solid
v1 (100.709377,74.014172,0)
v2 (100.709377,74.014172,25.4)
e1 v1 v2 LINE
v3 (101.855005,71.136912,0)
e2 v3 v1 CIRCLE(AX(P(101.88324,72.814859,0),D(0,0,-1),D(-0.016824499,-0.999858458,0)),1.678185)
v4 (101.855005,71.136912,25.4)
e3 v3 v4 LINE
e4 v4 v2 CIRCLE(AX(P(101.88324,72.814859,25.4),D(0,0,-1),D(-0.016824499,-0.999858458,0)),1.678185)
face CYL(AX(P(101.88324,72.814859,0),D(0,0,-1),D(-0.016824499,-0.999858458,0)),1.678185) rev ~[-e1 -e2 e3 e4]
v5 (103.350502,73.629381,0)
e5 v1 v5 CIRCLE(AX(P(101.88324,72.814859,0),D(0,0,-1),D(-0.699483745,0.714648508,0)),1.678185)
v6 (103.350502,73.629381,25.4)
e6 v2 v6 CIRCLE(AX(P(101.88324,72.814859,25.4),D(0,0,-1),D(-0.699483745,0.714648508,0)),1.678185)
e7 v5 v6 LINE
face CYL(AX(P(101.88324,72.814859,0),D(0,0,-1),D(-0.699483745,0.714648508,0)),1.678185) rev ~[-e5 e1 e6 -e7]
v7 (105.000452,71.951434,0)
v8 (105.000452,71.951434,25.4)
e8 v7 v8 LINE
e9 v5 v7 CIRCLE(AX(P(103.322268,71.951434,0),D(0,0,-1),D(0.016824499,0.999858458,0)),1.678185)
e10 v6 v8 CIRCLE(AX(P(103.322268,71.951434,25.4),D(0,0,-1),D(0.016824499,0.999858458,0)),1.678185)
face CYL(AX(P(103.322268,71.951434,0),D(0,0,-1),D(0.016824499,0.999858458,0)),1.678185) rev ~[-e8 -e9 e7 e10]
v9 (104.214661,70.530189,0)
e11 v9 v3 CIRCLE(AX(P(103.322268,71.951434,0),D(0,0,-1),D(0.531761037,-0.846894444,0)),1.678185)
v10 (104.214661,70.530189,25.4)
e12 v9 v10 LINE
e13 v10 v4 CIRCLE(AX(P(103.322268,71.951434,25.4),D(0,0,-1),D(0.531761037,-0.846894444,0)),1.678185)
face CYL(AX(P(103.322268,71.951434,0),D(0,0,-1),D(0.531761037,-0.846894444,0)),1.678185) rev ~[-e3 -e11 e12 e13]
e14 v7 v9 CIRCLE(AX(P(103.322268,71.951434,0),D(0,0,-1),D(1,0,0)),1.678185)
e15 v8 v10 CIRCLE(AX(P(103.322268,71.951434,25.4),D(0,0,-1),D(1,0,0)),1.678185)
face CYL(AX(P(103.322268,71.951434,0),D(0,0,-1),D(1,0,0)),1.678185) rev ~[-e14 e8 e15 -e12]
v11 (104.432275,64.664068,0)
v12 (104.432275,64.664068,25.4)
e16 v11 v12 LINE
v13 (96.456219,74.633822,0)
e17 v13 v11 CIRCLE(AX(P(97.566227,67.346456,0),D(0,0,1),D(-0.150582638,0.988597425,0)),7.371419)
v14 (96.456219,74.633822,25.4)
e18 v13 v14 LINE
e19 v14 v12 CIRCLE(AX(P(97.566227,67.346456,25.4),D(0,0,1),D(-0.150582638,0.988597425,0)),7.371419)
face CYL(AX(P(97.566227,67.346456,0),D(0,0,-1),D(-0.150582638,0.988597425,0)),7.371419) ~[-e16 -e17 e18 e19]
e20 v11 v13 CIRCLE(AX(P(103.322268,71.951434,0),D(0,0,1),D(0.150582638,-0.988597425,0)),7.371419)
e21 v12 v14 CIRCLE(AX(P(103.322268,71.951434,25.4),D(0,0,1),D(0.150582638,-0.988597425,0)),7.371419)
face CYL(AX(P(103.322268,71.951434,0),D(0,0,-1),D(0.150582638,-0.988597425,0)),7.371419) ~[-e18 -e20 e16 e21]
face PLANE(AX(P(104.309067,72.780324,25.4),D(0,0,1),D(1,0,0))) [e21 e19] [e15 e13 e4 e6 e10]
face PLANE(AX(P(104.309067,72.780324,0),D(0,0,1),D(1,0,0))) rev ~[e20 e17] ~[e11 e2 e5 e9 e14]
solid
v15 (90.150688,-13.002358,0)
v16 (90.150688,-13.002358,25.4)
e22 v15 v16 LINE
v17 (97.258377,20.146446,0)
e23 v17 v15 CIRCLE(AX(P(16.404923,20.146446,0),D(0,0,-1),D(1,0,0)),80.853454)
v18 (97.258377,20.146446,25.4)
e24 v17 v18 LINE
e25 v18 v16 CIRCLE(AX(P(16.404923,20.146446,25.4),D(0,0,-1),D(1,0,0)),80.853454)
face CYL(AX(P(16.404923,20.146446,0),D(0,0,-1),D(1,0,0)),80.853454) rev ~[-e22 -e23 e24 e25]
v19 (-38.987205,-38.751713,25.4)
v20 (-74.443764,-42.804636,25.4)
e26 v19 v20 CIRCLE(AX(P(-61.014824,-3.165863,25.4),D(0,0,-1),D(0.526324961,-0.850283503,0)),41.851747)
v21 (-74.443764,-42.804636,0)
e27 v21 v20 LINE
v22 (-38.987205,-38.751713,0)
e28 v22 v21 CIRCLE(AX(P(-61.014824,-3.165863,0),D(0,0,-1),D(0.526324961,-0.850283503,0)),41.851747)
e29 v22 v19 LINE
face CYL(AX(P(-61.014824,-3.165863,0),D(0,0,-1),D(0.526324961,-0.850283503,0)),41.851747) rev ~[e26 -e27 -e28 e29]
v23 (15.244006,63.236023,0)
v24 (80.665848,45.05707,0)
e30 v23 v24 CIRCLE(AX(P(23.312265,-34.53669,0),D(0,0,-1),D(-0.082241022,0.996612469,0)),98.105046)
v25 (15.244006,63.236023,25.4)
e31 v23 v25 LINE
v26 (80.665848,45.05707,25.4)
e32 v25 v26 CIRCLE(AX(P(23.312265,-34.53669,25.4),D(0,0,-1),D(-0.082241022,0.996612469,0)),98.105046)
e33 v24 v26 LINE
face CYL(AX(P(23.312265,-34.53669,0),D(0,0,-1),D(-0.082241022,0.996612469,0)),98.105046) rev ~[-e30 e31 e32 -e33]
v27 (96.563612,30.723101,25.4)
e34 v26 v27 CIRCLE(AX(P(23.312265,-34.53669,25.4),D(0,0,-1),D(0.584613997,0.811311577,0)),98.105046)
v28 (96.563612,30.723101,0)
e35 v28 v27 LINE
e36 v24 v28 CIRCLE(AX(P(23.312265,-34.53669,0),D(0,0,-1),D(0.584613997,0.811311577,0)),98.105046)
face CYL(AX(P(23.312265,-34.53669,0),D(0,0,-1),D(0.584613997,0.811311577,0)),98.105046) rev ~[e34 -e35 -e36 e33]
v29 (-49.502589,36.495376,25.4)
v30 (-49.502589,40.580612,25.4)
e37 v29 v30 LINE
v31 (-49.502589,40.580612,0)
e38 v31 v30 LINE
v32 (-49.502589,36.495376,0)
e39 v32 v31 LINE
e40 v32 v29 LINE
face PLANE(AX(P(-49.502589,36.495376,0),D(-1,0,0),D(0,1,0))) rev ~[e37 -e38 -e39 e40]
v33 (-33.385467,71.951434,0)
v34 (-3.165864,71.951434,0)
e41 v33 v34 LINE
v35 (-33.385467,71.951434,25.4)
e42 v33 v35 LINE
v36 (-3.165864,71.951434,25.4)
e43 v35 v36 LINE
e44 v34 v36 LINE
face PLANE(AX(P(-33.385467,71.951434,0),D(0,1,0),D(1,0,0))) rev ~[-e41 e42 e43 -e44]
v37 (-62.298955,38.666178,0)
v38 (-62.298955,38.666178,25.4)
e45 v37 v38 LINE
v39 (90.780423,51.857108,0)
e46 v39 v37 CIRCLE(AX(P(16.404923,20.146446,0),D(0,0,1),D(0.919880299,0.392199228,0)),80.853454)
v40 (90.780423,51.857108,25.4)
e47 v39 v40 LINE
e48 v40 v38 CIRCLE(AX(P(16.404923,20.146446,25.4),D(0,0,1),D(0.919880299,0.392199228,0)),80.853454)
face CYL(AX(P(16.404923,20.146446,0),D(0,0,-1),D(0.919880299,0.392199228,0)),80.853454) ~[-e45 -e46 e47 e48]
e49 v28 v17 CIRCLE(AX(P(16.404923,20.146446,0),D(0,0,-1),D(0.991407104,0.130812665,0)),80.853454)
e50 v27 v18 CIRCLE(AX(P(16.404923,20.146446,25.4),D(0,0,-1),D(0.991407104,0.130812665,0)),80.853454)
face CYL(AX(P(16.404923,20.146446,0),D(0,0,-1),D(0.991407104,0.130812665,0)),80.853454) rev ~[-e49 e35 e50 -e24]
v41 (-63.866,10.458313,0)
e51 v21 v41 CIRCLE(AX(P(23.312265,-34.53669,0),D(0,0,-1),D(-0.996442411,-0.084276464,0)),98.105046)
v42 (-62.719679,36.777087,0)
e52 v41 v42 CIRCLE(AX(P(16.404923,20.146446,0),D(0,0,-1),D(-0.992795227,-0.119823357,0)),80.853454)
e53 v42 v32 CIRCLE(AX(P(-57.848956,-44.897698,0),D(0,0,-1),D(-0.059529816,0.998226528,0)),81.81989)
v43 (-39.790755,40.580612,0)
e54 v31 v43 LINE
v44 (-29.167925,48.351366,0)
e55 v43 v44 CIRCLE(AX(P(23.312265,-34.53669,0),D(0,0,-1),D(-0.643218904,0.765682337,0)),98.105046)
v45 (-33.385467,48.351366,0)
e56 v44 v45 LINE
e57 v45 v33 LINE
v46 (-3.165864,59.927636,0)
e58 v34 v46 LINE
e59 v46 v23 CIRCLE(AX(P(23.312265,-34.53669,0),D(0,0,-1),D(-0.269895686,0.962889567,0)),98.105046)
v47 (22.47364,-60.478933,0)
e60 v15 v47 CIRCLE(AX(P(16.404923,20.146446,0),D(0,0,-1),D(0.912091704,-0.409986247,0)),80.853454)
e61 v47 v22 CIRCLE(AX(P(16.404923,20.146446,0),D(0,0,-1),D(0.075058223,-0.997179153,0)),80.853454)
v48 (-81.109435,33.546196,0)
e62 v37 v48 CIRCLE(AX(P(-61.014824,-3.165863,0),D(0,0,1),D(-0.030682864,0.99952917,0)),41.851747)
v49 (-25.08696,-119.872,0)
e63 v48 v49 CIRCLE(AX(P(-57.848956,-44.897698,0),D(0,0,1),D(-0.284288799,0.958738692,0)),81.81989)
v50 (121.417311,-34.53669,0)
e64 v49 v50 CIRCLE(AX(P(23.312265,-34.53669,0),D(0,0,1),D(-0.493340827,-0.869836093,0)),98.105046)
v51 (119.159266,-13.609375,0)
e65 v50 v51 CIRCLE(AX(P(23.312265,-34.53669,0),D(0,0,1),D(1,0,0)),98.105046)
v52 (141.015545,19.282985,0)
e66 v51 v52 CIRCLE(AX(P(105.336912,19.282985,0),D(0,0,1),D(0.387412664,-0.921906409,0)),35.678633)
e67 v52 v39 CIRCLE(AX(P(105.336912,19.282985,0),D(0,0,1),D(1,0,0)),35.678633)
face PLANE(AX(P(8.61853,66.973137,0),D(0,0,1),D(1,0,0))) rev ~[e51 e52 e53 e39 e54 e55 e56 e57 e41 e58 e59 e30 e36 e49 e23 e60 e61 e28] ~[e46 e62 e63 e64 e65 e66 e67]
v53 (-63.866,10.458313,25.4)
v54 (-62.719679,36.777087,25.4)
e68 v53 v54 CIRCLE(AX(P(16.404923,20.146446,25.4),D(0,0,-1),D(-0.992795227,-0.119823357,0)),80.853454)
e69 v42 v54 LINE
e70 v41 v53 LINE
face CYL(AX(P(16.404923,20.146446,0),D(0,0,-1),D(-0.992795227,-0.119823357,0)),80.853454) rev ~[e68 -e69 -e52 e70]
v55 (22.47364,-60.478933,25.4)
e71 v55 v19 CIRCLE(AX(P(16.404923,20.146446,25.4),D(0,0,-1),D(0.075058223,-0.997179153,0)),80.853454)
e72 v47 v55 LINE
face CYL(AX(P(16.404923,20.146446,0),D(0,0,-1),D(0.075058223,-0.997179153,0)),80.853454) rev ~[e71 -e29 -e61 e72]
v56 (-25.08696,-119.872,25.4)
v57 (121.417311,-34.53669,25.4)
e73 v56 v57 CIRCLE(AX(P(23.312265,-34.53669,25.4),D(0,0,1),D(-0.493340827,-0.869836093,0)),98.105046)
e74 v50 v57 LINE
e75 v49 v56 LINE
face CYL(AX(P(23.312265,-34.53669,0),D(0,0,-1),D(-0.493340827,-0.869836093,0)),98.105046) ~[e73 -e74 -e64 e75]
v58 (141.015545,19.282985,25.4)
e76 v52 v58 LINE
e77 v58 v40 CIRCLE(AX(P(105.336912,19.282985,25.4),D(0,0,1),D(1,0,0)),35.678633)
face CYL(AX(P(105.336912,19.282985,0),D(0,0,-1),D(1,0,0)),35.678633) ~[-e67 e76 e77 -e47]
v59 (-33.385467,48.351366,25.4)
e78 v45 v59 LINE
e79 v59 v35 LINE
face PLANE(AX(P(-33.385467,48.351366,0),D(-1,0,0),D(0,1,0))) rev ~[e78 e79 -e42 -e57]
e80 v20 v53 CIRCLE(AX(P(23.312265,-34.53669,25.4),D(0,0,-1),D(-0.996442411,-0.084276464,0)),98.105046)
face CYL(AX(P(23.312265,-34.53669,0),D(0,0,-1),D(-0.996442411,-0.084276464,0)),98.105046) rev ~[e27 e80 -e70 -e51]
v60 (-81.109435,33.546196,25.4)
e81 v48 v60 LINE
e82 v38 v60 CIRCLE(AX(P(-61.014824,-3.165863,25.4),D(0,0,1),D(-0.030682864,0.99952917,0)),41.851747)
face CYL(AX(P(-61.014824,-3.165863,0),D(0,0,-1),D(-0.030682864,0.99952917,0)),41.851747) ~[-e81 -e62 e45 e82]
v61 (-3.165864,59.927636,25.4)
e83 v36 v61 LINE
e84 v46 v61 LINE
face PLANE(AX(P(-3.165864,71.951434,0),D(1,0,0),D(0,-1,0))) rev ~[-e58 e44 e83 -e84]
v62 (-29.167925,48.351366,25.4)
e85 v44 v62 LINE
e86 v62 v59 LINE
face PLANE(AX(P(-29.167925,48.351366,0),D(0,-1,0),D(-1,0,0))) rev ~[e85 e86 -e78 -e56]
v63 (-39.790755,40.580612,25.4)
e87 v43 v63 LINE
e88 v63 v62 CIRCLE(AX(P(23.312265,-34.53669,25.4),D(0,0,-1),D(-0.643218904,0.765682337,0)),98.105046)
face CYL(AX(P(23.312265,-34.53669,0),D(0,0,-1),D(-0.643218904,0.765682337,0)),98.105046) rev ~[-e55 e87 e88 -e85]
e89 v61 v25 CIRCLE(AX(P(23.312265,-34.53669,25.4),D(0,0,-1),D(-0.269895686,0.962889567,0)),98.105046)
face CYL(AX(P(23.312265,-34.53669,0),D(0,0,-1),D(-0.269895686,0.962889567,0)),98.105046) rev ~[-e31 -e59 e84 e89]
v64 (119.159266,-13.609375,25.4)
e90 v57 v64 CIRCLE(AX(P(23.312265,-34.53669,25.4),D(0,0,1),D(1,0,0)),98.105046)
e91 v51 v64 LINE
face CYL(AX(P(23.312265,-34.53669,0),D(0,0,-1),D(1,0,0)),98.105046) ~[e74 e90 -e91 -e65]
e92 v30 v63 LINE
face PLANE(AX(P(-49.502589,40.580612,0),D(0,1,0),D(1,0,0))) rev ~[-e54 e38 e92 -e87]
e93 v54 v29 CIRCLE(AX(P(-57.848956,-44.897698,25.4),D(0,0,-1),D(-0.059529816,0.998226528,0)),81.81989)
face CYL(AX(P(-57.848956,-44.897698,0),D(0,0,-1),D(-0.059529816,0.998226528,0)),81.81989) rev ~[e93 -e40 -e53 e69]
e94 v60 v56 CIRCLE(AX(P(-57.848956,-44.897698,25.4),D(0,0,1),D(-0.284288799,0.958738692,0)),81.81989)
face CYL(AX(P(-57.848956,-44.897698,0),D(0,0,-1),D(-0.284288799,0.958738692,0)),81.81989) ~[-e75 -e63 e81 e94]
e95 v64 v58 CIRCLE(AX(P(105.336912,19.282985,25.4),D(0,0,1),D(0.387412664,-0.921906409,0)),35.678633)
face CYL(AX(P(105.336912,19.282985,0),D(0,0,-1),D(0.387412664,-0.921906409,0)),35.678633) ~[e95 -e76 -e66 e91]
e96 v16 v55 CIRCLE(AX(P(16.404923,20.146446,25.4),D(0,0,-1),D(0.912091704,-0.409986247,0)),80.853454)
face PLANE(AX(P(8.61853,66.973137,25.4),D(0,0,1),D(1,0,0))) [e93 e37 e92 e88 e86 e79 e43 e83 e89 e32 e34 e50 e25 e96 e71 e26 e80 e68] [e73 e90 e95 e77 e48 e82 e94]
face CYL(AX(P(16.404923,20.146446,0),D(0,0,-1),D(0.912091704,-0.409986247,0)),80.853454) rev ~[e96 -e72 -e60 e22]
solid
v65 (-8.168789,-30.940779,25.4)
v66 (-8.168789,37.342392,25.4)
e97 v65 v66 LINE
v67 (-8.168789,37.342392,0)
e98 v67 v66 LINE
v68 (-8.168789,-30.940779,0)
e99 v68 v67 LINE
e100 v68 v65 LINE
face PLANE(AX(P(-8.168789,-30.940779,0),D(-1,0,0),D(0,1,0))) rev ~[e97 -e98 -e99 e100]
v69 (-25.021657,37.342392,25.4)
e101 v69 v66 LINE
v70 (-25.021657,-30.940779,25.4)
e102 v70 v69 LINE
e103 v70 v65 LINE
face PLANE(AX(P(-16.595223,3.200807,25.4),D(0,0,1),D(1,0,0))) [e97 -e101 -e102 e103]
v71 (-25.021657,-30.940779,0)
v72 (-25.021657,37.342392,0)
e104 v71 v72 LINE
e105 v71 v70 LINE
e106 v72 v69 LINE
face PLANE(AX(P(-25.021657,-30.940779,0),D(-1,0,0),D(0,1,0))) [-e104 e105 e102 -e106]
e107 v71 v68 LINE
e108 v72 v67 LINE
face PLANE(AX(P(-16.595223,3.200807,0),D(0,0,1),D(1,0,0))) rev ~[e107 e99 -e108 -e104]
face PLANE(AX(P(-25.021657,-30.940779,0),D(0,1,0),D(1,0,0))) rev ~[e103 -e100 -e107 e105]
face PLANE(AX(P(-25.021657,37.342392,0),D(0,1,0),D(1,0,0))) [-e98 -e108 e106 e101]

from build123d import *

# Parameters (mm, degrees)
F2_DEPTH = 25.4
F1_W     = 16.8528687209
F1_H     = 68.2831704617


with BuildPart() as f2:
    # F0 (on Top) → F2 (new body)
    with BuildSketch(Plane.XY):
        with BuildLine():
            Line((-49.5025888085, 37.0713974876), (-49.5025888085, 40.580611676))
            Line((-49.5025888085, 40.580611676), (-39.7907553246, 40.580611676))
            ThreePointArc((-39.7907553246, 40.580611676), (-34.6098015178, 44.6443329786), (-29.1679251123, 48.3513660729))
            Line((-29.1679251123, 48.3513660729), (-33.3854667842, 48.3513660729))
            Line((-33.3854667842, 48.3513660729), (-33.3854667842, 71.9514340162))
            Line((-33.3854667842, 71.9514340162), (-3.1658636872, 71.9514340162))
            Line((-3.1658636872, 71.9514340162), (-3.1658636872, 59.9276361178))
            ThreePointArc((-3.1658636872, 59.9276361178), (5.9600436723, 62.0215858009), (15.2440057959, 63.2360229941))
            ThreePointArc((15.2440057959, 63.2360229941), (49.5778198862, 59.9869622775), (80.6658483191, 45.0570703257))
            ThreePointArc((80.6658483191, 45.0570703257), (85.430622589, 48.8921812548), (90.7804225826, 51.8571078492))
            ThreePointArc((90.7804225826, 51.8571078492), (9.4634630221, 100.7013779193), (-62.2989550674, 38.6661783889))
            ThreePointArc((-62.2989550674, 38.6661783889), (-55.8389801005, 38.3645996091), (-49.5025888085, 37.0713974876))
        make_face()
        with BuildLine():
            Line((-49.5025888085, 36.4953762559), (-49.5025888085, 37.0713974876))
            ThreePointArc((-49.5025888085, 37.0713974876), (-55.8389801005, 38.3645996091), (-62.2989550674, 38.6661783889))
            ThreePointArc((-62.2989550674, 38.6661783889), (-62.5149697878, 37.7228914144), (-62.7196793883, 36.7770866486))
            ThreePointArc((-62.7196793883, 36.7770866486), (-56.1054350959, 36.9036132539), (-49.5025888085, 36.4953762559))
        make_face()
        with BuildLine():
            ThreePointArc((-62.7196793883, 36.7770866486), (-62.5149697878, 37.7228914144), (-62.2989550674, 38.6661783889))
            ThreePointArc((-62.2989550674, 38.6661783889), (-72.0064664227, 37.2167133178), (-81.1094346236, 33.5461962372))
            ThreePointArc((-81.1094346236, 33.5461962372), (-72.0070206612, 35.6879310326), (-62.7196793883, 36.7770866486))
        make_face()
        with BuildLine():
            ThreePointArc((-63.8659995996, 10.4583134456), (-64.3719474611, 23.6647008425), (-62.7196793883, 36.7770866486))
            ThreePointArc((-62.7196793883, 36.7770866486), (-72.0070206612, 35.6879310326), (-81.1094346236, 33.5461962372))
            ThreePointArc((-81.1094346236, 33.5461962372), (-102.7079827023, -6.8058090209), (-74.4437638245, -42.8046359281))
            ThreePointArc((-74.4437638245, -42.8046359281), (-72.9135561951, -15.4267066617), (-63.8659995996, 10.4583134456))
        make_face()
        with BuildLine():
            ThreePointArc((141.0155446812, 19.2829854786), (124.7483672687, 49.218920993), (90.7804225826, 51.8571078492))
            ThreePointArc((90.7804225826, 51.8571078492), (94.3912384761, 41.4869150844), (96.5636117978, 30.723101469))
            ThreePointArc((96.5636117978, 30.723101469), (110.7188146873, 10.0132285595), (119.159266122, -13.6093746914))
            ThreePointArc((119.159266122, -13.6093746914), (135.053300791, -0.4629271998), (141.0155446812, 19.2829854786))
        make_face()
        with BuildLine():
            ThreePointArc((96.5636117978, 30.723101469), (94.3912384761, 41.4869150844), (90.7804225826, 51.8571078492))
            ThreePointArc((90.7804225826, 51.8571078492), (85.430622589, 48.8921812548), (80.6658483191, 45.0570703257))
            ThreePointArc((80.6658483191, 45.0570703257), (89.0068432279, 38.3249774817), (96.5636117978, 30.723101469))
        make_face()
        with BuildLine():
            ThreePointArc((-74.4437638245, -42.8046359281), (-102.7079827023, -6.8058090209), (-81.1094346236, 33.5461962372))
            ThreePointArc((-81.1094346236, 33.5461962372), (-134.7050259775, -72.9626037486), (-25.0869596842, -119.8719997061))
            ThreePointArc((-25.0869596842, -119.8719997061), (-59.3024078551, -87.4461966052), (-74.4437638245, -42.8046359281))
        make_face()
        with BuildLine():
            ThreePointArc((119.159266122, -13.6093746914), (110.7188146873, 10.0132285595), (96.5636117978, 30.723101469))
            ThreePointArc((96.5636117978, 30.723101469), (97.0844987994, 25.446170827), (97.2583770877, 20.1464456823))
            ThreePointArc((97.2583770877, 20.1464456823), (95.4614877023, 3.1953214101), (90.1506877844, -13.0023583553))
            ThreePointArc((90.1506877844, -13.0023583553), (104.5904854335, -16.3878384409), (119.159266122, -13.6093746914))
        make_face()
        with BuildLine():
            ThreePointArc((-38.9872045552, -38.7517134075), (-56.2618387916, -44.7468429236), (-74.4437638245, -42.8046359281))
            ThreePointArc((-74.4437638245, -42.8046359281), (-59.3024078551, -87.4461966052), (-25.0869596842, -119.8719997061))
            ThreePointArc((-25.0869596842, -119.8719997061), (6.0174306384, -96.0404292132), (22.473639917, -60.4789328206))
            ThreePointArc((22.473639917, -60.4789328206), (-10.5435041052, -56.0838844784), (-38.9872045552, -38.7517134075))
        make_face()
        with BuildLine():
            ThreePointArc((22.473639917, -60.4789328206), (6.0174306384, -96.0404292132), (-25.0869596842, -119.8719997061))
            ThreePointArc((-25.0869596842, -119.8719997061), (72.6903570249, -119.3093511098), (121.4173114057, -34.5366895199))
            ThreePointArc((121.4173114057, -34.5366895199), (120.8511665295, -24.0122979171), (119.159266122, -13.6093746914))
            ThreePointArc((119.159266122, -13.6093746914), (104.5904854335, -16.3878384409), (90.1506877844, -13.0023583553))
            ThreePointArc((90.1506877844, -13.0023583553), (62.8386839696, -46.0440888012), (22.473639917, -60.4789328206))
        make_face()
    extrude(amount=F2_DEPTH)


with BuildPart() as f2b:
    # F0 (on Top) → F2, piece 2 (new body)
    with BuildSketch(Plane.XY):
        with BuildLine():
            ThreePointArc((104.4322752931, 64.6640678834), (108.9133387627, 67.1475038668), (110.6936868247, 71.9514340162))
            ThreePointArc((110.6936868247, 71.9514340162), (104.6870574646, 79.1954088108), (96.4562194542, 74.6338221634))
            ThreePointArc((96.4562194542, 74.6338221634), (98.6289635531, 74.6408657983), (100.7093771868, 74.0141715792))
            ThreePointArc((100.7093771868, 74.0141715792), (102.1251836507, 74.4755119971), (103.350502148, 73.6293810946))
            ThreePointArc((103.350502148, 73.6293810946), (104.5188640577, 73.1280649468), (105.0004521442, 71.9514340162))
            ThreePointArc((105.0004521442, 71.9514340162), (104.7909240798, 71.1394293752), (104.2146607213, 70.5301887919))
            ThreePointArc((104.2146607213, 70.5301887919), (104.7546280593, 68.9788517196), (104.9376465073, 67.3464560306))
            ThreePointArc((104.9376465073, 67.3464560306), (104.8102020096, 65.9816660984), (104.4322752931, 64.6640678834))
        make_face()
        with BuildLine():
            ThreePointArc((100.7093771868, 74.0141715792), (98.6289635531, 74.6408657983), (96.4562194542, 74.6338221634))
            ThreePointArc((96.4562194542, 74.6338221634), (97.566227215, 67.3464560306), (104.4322752931, 64.6640678834))
            ThreePointArc((104.4322752931, 64.6640678834), (104.8102020096, 65.9816660984), (104.9376465073, 67.3464560306))
            ThreePointArc((104.9376465073, 67.3464560306), (104.7546280593, 68.9788517196), (104.2146607213, 70.5301887919))
            ThreePointArc((104.2146607213, 70.5301887919), (102.9043597161, 70.3261166169), (101.8550054284, 71.1369123715))
            ThreePointArc((101.8550054284, 71.1369123715), (100.3241009481, 72.1940624858), (100.7093771868, 74.0141715792))
        make_face()
        with BuildLine():
            ThreePointArc((104.4322752931, 64.6640678834), (97.566227215, 67.3464560306), (96.4562194542, 74.6338221634))
            ThreePointArc((96.4562194542, 74.6338221634), (91.8101868977, 62.7414780449), (104.4322752931, 64.6640678834))
        make_face()
    extrude(amount=F2_DEPTH)


with BuildPart() as f2c:
    # F1 (on Top) → F2, piece 3 (new body)
    with BuildSketch(Plane.XY):
        with Locations((-16.5952229872, 3.2008066773)):
            Rectangle(F1_W, F1_H)
    extrude(amount=F2_DEPTH)


solid = Compound([f2.part, f2b.part, f2c.part])
